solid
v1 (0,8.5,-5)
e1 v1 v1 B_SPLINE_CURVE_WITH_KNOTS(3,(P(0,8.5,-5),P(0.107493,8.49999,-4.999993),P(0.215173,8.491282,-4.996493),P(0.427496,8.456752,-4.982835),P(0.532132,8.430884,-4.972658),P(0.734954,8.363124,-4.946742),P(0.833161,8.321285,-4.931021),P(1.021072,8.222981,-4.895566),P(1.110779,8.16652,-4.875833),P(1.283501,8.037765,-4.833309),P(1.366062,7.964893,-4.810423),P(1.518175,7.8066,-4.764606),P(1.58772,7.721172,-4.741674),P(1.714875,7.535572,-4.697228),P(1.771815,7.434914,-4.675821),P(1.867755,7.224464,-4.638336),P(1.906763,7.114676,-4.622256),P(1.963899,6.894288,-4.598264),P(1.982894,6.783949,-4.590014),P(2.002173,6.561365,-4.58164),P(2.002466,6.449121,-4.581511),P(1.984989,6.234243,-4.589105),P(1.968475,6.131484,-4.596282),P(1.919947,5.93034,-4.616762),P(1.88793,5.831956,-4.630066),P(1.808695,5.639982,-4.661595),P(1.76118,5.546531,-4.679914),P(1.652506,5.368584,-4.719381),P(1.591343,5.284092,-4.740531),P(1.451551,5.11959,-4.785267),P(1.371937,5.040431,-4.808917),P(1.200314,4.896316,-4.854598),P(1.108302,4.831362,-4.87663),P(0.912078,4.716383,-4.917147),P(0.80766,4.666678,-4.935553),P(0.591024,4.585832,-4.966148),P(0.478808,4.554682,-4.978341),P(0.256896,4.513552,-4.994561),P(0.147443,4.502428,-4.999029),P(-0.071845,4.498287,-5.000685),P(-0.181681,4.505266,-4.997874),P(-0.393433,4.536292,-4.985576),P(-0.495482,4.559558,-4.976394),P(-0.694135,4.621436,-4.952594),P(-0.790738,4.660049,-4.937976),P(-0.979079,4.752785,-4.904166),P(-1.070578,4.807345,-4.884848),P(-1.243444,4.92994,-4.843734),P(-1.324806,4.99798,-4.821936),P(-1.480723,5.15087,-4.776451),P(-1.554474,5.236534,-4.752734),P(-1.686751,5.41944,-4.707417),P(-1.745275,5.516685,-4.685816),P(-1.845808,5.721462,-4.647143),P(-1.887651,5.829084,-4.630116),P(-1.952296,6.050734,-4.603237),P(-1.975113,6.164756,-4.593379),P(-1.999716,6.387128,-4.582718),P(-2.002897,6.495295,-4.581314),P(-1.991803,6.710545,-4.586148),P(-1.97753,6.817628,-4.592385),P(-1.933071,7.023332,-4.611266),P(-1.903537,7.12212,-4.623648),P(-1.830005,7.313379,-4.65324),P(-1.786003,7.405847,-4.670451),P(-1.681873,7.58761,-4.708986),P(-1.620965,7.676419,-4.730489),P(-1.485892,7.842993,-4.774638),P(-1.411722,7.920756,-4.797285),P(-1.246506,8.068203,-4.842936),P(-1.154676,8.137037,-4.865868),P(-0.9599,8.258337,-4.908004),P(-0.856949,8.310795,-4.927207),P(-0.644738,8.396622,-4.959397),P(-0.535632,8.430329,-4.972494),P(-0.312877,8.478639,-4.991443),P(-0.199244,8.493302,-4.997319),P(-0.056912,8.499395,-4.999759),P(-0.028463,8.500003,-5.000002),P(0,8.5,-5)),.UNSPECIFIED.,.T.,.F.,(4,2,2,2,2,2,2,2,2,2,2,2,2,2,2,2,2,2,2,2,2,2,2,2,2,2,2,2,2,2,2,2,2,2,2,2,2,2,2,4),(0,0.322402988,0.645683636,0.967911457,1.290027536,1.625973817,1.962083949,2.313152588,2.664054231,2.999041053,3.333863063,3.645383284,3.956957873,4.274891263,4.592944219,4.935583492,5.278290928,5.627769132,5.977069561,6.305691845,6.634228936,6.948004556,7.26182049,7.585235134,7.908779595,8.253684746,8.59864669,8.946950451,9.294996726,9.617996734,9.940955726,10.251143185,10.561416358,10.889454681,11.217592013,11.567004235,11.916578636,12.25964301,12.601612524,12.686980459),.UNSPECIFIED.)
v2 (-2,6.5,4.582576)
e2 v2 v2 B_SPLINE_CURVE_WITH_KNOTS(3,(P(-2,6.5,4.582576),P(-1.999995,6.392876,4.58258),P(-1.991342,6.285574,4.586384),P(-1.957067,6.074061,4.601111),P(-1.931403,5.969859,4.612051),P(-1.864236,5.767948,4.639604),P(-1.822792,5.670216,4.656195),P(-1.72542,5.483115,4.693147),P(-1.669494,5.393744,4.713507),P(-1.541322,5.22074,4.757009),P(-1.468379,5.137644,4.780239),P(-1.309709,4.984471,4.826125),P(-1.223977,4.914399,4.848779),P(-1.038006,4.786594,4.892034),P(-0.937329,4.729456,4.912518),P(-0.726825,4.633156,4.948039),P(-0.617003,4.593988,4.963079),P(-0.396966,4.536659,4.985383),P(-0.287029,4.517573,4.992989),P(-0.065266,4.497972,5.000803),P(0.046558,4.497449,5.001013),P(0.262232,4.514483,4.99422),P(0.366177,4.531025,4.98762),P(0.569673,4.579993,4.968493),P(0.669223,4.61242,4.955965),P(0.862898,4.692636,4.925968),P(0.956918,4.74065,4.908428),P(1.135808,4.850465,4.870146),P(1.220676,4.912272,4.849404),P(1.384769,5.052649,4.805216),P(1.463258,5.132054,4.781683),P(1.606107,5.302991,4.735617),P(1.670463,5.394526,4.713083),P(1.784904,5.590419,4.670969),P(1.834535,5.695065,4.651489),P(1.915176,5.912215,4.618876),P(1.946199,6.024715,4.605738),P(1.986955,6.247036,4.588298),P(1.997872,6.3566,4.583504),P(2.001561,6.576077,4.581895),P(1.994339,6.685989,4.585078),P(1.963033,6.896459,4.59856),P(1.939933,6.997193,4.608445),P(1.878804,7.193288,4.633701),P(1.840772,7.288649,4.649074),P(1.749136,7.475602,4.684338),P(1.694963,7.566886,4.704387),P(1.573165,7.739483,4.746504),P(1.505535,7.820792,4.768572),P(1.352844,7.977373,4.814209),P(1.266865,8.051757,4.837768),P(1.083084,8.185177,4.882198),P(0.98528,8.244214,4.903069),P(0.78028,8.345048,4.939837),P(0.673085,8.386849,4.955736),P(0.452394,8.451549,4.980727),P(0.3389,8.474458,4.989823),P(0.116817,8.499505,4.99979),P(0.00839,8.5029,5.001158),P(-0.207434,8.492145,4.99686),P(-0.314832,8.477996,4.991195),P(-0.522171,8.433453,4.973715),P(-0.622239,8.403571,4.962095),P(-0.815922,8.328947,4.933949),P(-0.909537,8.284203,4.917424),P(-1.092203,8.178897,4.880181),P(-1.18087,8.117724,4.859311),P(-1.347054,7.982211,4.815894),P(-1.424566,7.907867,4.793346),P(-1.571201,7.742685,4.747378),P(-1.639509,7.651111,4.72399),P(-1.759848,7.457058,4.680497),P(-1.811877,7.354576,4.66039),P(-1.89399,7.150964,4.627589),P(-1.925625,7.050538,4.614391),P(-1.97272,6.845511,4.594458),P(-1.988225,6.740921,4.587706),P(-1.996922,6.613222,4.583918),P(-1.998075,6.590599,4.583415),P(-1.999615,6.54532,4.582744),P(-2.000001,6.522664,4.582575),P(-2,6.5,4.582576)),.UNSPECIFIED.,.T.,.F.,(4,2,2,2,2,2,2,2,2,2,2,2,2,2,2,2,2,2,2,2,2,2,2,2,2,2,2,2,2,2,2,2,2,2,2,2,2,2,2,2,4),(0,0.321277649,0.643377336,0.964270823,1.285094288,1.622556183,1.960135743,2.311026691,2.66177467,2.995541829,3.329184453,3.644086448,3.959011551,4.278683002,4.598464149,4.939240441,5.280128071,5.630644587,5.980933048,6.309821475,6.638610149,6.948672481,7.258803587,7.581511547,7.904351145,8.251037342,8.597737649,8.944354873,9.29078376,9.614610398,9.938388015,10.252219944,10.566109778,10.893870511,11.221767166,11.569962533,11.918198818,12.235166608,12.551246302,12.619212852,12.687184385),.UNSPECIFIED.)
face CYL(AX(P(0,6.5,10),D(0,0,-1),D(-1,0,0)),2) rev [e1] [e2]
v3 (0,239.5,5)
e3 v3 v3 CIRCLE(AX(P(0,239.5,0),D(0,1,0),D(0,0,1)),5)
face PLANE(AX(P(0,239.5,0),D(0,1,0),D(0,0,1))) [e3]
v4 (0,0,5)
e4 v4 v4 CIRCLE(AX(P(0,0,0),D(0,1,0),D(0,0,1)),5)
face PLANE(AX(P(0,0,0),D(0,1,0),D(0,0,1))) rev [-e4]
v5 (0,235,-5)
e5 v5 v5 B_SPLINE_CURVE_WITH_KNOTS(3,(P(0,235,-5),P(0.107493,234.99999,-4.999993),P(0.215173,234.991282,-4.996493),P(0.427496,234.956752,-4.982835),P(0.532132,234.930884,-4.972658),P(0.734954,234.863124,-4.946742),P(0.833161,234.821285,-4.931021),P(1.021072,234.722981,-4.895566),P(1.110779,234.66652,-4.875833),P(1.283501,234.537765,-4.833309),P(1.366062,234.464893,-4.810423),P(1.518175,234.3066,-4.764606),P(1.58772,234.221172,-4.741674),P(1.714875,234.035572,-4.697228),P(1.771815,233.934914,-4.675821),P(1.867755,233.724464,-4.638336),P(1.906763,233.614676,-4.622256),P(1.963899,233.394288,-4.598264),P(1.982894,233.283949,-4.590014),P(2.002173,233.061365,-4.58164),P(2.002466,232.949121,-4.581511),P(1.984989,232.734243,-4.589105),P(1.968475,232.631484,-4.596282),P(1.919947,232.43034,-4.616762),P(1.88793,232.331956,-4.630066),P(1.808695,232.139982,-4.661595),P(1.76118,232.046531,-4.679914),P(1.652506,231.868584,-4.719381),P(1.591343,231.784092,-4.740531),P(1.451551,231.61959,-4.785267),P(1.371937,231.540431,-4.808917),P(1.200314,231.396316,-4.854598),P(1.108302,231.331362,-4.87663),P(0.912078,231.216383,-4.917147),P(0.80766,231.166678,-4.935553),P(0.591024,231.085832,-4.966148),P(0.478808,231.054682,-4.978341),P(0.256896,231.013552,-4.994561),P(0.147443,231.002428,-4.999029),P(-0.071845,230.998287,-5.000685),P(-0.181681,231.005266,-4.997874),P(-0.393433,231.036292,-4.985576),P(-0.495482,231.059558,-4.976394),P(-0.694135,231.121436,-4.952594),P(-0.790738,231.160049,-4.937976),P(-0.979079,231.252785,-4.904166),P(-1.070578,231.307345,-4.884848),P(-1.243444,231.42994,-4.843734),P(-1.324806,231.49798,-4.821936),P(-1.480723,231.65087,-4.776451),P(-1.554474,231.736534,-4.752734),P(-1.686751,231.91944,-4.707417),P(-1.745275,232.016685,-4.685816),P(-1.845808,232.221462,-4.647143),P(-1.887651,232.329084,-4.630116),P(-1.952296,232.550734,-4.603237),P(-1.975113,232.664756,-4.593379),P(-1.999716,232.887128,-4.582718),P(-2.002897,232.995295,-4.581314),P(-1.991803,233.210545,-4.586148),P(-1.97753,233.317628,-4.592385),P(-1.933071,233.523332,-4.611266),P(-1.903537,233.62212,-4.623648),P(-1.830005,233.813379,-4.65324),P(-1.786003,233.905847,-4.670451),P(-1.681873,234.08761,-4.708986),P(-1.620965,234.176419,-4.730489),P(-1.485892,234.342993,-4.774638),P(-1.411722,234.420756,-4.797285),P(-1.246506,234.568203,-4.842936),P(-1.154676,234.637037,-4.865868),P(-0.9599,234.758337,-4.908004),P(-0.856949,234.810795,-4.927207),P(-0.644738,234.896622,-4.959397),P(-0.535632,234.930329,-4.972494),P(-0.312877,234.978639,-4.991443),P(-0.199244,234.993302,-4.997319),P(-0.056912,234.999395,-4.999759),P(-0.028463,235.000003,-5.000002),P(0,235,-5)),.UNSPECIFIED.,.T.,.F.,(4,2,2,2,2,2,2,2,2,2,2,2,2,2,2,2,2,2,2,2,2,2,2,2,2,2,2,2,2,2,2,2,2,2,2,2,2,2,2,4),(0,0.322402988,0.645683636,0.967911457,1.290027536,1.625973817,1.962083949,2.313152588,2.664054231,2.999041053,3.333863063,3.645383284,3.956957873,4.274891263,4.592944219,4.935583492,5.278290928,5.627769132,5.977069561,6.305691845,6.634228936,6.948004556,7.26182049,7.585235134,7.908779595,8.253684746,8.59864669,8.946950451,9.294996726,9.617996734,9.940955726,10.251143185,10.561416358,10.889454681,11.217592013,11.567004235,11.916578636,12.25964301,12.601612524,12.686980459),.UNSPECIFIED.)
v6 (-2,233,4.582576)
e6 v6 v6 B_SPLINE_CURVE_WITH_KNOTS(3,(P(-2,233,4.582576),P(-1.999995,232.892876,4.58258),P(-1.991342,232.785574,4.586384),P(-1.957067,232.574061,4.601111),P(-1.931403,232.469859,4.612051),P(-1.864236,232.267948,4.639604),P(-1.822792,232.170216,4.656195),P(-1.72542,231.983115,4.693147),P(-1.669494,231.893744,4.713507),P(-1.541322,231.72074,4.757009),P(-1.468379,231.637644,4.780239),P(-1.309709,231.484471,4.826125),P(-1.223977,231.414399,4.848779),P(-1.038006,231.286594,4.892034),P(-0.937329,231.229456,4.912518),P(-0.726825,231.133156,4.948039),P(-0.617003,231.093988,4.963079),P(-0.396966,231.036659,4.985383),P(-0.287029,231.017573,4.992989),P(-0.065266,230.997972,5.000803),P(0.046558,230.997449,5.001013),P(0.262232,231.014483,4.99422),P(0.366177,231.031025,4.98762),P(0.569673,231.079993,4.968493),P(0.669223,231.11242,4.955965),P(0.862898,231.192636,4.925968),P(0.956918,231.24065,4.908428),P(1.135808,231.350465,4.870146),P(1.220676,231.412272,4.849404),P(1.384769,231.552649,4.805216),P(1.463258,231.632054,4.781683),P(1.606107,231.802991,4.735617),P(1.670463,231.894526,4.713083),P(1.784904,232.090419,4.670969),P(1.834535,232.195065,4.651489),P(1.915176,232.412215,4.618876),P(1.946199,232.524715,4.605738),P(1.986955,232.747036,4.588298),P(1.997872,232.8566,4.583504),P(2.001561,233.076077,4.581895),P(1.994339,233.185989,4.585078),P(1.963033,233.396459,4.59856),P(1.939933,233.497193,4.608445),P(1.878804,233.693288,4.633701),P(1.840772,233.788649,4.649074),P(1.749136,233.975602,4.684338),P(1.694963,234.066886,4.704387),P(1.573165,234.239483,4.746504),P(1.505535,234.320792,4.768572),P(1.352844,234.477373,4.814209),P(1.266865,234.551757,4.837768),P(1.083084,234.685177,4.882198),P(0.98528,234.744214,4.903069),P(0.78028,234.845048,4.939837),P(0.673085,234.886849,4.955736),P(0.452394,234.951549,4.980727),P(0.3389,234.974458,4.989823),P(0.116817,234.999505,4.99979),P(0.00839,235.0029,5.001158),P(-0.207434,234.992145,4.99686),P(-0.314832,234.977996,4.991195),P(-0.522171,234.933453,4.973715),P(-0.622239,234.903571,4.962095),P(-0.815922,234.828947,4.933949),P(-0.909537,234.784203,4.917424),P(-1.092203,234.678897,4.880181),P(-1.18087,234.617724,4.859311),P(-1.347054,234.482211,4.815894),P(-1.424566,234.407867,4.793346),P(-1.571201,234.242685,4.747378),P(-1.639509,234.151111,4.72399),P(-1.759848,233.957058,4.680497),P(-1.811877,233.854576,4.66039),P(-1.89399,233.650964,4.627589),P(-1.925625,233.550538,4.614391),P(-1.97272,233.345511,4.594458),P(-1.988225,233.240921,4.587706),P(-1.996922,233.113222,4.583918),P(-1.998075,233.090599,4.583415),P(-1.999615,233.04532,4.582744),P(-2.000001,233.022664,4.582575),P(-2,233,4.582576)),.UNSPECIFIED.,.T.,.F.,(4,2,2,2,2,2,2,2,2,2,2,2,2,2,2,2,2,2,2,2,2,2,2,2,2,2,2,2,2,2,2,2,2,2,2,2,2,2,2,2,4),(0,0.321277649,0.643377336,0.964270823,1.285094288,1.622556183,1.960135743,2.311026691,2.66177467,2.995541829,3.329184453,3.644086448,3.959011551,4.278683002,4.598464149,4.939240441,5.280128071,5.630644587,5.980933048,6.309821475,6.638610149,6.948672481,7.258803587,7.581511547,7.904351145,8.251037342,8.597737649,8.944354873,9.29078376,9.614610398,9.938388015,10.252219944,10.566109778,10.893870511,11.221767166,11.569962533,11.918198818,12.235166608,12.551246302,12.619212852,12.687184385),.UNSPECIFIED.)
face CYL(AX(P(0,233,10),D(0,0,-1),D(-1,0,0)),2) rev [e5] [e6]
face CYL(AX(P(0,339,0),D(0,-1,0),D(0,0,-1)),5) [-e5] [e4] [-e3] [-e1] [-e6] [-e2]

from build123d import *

# Parameters (mm, degrees)
CROQUIS1_R                 = 5
SALIENTE_EXTRUIR1_DEPTH    = 339
CROQUIS2_R                 = 6.894742802
CORTAR_EXTRUIR1_DEPTH      = 99.5
CORTAR_EXTRUIR2_DEPTH      = 10
CORTAR_EXTRUIR2_DEPTH_BACK = 10
CROQUIS3_R                 = 2
CORTAR_EXTRUIR3_DEPTH      = 10
CORTAR_EXTRUIR3_DEPTH_BACK = 10
CROQUIS4_R                 = 2


with BuildPart() as part:
    # Croquis1 → Saliente-Extruir1 (new body)
    with BuildSketch(Plane(origin=(0, 0, 0), x_dir=(1, 0, 0), z_dir=(0, 1, 0))):
        Circle(CROQUIS1_R)
    extrude(amount=SALIENTE_EXTRUIR1_DEPTH)

    # Croquis2 → Cortar-Extruir1 (cut)
    with BuildSketch(Plane(origin=(0, 339, 0), x_dir=(1, 0, 0), z_dir=(0, 1, 0))):
        Circle(CROQUIS2_R)
    extrude(amount=-CORTAR_EXTRUIR1_DEPTH, mode=Mode.SUBTRACT)

    # Croquis3 → Cortar-Extruir2 (cut, two sides: drawn at the far end of the back side and taken through both)
    with BuildSketch(Plane.XY.offset(-CORTAR_EXTRUIR2_DEPTH_BACK)):
        with Locations((0, 6.5)):
            Circle(CROQUIS3_R)
    extrude(amount=CORTAR_EXTRUIR2_DEPTH + CORTAR_EXTRUIR2_DEPTH_BACK, mode=Mode.SUBTRACT)

    # Croquis4 → Cortar-Extruir3 (cut, two sides: drawn at the far end of the back side and taken through both)
    with BuildSketch(Plane.XY.offset(-CORTAR_EXTRUIR3_DEPTH_BACK)):
        with Locations((0, 233)):
            Circle(CROQUIS4_R)
    extrude(amount=CORTAR_EXTRUIR3_DEPTH + CORTAR_EXTRUIR3_DEPTH_BACK, mode=Mode.SUBTRACT)


solid = part.part
